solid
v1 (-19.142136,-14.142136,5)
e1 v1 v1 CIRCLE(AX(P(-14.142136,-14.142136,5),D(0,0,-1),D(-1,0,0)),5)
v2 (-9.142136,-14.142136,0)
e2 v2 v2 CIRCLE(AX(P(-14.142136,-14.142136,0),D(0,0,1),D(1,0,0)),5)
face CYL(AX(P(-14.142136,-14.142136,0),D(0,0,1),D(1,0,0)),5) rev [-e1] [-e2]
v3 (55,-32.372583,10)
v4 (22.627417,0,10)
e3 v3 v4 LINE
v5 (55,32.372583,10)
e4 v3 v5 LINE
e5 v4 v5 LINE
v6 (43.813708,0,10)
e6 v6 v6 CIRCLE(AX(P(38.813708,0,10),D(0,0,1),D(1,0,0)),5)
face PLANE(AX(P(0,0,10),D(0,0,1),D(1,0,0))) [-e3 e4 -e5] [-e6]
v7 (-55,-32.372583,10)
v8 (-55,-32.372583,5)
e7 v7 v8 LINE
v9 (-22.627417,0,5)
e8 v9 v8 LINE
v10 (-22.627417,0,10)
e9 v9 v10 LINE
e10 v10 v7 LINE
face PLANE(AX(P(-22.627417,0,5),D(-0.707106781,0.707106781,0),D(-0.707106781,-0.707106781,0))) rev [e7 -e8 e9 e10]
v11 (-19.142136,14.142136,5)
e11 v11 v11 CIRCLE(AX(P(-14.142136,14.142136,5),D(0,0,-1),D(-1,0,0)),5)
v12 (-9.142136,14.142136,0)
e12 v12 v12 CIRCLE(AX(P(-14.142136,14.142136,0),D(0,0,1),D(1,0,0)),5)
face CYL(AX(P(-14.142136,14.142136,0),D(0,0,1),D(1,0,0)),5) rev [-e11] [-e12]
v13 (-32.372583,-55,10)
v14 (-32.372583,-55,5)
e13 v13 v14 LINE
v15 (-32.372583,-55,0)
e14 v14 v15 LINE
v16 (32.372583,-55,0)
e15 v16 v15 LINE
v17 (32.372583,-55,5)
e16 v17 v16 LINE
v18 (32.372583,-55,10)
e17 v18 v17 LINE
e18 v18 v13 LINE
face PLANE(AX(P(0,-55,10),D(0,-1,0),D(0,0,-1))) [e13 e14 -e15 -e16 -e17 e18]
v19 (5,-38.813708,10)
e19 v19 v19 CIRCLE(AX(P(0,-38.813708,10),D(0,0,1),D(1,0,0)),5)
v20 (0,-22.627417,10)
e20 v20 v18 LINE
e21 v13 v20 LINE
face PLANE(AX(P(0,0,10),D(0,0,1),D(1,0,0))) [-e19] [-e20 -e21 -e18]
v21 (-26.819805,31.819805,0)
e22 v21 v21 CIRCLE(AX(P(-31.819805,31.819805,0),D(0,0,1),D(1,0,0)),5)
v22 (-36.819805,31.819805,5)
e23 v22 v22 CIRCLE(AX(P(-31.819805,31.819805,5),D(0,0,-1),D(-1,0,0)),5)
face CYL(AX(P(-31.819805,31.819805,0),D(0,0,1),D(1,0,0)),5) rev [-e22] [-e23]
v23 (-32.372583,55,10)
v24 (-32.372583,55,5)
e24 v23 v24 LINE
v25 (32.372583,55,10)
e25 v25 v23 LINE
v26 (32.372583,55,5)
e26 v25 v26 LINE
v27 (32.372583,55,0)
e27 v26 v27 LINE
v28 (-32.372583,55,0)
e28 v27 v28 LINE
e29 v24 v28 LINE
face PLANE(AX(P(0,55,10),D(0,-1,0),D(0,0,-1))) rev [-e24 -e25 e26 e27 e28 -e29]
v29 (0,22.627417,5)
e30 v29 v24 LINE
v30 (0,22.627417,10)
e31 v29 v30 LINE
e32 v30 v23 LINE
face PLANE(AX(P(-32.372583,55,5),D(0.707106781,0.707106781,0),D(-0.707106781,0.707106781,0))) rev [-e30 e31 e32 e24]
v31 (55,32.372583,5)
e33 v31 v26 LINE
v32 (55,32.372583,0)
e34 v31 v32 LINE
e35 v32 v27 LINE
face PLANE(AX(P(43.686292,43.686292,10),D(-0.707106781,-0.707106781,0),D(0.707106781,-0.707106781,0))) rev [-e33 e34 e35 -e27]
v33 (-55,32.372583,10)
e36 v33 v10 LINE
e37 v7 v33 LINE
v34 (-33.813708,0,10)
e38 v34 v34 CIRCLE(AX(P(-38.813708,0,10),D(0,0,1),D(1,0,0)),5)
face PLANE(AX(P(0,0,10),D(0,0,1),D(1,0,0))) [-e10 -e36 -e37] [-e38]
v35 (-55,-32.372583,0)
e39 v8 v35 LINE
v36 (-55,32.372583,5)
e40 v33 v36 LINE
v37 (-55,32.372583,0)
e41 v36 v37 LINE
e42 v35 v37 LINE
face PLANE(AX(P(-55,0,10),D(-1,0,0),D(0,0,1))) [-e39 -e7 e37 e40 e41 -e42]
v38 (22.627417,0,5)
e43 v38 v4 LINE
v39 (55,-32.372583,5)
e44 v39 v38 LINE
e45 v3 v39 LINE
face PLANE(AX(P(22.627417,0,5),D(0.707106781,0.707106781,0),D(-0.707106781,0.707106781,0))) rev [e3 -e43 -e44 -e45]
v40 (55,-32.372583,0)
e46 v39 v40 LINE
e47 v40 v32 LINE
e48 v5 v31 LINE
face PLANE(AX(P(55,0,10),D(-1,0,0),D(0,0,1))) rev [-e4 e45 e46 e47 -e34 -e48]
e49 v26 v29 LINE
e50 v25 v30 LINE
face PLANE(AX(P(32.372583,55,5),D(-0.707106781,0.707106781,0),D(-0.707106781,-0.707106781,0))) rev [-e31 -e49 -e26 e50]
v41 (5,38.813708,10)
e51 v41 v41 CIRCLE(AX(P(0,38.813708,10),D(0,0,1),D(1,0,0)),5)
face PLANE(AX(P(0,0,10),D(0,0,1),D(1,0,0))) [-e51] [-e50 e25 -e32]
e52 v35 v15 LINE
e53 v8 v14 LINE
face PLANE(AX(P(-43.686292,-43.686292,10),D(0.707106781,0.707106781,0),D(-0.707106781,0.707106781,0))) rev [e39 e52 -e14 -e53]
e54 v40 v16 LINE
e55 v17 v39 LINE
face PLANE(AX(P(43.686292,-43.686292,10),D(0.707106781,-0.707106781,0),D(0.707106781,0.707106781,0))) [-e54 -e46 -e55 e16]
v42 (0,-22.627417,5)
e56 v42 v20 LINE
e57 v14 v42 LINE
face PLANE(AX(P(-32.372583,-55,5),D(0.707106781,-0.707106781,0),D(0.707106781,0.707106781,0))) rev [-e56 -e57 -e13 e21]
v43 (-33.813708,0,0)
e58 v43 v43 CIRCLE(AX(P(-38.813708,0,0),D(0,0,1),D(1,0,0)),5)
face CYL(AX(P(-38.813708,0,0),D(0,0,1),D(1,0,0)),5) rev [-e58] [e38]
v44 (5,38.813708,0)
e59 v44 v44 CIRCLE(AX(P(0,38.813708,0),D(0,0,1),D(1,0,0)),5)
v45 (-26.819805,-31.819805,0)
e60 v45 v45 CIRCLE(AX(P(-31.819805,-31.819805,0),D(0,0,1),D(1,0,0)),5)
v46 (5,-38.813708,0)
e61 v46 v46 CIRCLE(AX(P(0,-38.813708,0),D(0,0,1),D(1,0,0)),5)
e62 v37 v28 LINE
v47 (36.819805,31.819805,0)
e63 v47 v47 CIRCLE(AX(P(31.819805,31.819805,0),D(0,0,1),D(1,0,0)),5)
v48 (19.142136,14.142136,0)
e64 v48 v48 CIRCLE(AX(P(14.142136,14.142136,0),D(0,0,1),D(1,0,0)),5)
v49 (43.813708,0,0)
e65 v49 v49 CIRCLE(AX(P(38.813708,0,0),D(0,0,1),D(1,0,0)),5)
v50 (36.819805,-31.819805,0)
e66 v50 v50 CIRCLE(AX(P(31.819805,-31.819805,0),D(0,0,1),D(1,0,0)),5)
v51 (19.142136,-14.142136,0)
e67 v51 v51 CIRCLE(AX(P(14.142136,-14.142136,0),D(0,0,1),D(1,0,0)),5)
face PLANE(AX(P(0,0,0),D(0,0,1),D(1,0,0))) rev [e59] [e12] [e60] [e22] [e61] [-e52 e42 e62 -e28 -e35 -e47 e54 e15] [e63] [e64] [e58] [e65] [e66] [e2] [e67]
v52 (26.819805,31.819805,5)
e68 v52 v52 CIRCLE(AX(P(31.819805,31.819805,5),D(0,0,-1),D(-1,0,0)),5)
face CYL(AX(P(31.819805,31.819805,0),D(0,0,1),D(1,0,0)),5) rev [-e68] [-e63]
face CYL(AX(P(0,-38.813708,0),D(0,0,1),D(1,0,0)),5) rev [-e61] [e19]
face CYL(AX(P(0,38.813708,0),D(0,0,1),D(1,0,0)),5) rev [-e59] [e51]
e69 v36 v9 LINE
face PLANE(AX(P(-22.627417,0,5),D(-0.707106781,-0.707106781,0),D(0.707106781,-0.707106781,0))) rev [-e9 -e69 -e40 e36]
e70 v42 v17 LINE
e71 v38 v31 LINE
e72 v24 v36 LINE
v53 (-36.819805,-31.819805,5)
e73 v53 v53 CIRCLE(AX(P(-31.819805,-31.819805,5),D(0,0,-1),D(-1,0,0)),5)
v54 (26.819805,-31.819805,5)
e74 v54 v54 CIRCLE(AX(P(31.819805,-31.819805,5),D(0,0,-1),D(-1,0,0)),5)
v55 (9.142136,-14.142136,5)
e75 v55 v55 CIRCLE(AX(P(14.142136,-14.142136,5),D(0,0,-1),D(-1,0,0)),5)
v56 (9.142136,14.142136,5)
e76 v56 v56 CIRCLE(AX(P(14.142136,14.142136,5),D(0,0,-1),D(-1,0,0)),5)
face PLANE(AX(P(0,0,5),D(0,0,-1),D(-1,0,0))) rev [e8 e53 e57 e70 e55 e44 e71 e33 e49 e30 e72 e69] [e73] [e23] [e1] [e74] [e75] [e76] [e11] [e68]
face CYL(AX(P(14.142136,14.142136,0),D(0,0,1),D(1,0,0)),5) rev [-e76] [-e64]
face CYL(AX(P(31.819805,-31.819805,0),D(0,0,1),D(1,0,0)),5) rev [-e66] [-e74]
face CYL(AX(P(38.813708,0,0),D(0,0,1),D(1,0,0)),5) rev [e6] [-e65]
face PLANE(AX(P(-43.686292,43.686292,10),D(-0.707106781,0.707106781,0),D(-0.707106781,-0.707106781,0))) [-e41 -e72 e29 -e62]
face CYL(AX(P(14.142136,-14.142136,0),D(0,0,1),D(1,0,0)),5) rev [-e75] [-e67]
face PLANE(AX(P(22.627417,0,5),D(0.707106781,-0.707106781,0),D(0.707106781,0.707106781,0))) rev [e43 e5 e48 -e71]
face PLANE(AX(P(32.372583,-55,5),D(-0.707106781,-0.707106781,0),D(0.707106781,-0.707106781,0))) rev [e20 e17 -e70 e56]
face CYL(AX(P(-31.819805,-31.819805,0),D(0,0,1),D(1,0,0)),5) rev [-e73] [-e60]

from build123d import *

# Parameters (mm, degrees)
BOSS_EXTRU_1_DEPTH           = 10
ENL_V_MAT_EXTRU_1_DEPTH      = 5
ENL_V_MAT_EXTRU_2_DEPTH      = 78.942286341
ENL_V_MAT_EXTRU_2_DEPTH_BACK = 78.942286341
ESQUISSE4_R                  = 5


with BuildPart() as part:
    # Esquisse1 → Boss.-Extru.1 (new body)
    with BuildSketch(Plane.XY):
        Polygon((-32.372583002, 55), (-55, 32.372583002), (-55, -32.372583002), (-32.372583002, -55), (32.372583002, -55), (55, -32.372583002), (55, 32.372583002), (32.372583002, 55), align=None)
    extrude(amount=BOSS_EXTRU_1_DEPTH)

    # Esquisse3 → Enlèv. mat.-Extru.1 (cut)
    with BuildSketch(Plane.XY.offset(10)):
        Polygon((-55, 32.372583002), (-32.372583002, 55), (0, 22.627416998), (32.372583002, 55), (55, 32.372583002), (22.627416998, 0), (55, -32.372583002), (32.372583002, -55), (0, -22.627416998), (-32.372583002, -55), (-55, -32.372583002), (-22.627416998, 0), align=None)
    extrude(amount=-ENL_V_MAT_EXTRU_1_DEPTH, mode=Mode.SUBTRACT)

    # Esquisse4 → Enlèv. mat.-Extru.2 (cut, two sides: drawn at the far end of the back side and taken through both)
    with BuildSketch(Plane.XY.offset(5).offset(-ENL_V_MAT_EXTRU_2_DEPTH_BACK)):
        with Locations((-31.819805153, 31.819805153)):
            Circle(ESQUISSE4_R)
        with Locations((-14.142135624, 14.142135624)):
            Circle(ESQUISSE4_R)
        with Locations((31.819805153, 31.819805153)):
            Circle(ESQUISSE4_R)
        with Locations((14.142135624, 14.142135624)):
            Circle(ESQUISSE4_R)
        with Locations((31.819805153, -31.819805153)):
            Circle(ESQUISSE4_R)
        with Locations((14.142135624, -14.142135624)):
            Circle(ESQUISSE4_R)
        with Locations((-31.819805153, -31.819805153)):
            Circle(ESQUISSE4_R)
        with Locations((-14.142135624, -14.142135624)):
            Circle(ESQUISSE4_R)
        with Locations((0, 38.813708499)):
            Circle(ESQUISSE4_R)
        with Locations((38.813708499, 0)):
            Circle(ESQUISSE4_R)
        with Locations((0, -38.813708499)):
            Circle(ESQUISSE4_R)
        with Locations((-38.813708499, 0)):
            Circle(ESQUISSE4_R)
    extrude(amount=ENL_V_MAT_EXTRU_2_DEPTH + ENL_V_MAT_EXTRU_2_DEPTH_BACK, mode=Mode.SUBTRACT)


solid = part.part
